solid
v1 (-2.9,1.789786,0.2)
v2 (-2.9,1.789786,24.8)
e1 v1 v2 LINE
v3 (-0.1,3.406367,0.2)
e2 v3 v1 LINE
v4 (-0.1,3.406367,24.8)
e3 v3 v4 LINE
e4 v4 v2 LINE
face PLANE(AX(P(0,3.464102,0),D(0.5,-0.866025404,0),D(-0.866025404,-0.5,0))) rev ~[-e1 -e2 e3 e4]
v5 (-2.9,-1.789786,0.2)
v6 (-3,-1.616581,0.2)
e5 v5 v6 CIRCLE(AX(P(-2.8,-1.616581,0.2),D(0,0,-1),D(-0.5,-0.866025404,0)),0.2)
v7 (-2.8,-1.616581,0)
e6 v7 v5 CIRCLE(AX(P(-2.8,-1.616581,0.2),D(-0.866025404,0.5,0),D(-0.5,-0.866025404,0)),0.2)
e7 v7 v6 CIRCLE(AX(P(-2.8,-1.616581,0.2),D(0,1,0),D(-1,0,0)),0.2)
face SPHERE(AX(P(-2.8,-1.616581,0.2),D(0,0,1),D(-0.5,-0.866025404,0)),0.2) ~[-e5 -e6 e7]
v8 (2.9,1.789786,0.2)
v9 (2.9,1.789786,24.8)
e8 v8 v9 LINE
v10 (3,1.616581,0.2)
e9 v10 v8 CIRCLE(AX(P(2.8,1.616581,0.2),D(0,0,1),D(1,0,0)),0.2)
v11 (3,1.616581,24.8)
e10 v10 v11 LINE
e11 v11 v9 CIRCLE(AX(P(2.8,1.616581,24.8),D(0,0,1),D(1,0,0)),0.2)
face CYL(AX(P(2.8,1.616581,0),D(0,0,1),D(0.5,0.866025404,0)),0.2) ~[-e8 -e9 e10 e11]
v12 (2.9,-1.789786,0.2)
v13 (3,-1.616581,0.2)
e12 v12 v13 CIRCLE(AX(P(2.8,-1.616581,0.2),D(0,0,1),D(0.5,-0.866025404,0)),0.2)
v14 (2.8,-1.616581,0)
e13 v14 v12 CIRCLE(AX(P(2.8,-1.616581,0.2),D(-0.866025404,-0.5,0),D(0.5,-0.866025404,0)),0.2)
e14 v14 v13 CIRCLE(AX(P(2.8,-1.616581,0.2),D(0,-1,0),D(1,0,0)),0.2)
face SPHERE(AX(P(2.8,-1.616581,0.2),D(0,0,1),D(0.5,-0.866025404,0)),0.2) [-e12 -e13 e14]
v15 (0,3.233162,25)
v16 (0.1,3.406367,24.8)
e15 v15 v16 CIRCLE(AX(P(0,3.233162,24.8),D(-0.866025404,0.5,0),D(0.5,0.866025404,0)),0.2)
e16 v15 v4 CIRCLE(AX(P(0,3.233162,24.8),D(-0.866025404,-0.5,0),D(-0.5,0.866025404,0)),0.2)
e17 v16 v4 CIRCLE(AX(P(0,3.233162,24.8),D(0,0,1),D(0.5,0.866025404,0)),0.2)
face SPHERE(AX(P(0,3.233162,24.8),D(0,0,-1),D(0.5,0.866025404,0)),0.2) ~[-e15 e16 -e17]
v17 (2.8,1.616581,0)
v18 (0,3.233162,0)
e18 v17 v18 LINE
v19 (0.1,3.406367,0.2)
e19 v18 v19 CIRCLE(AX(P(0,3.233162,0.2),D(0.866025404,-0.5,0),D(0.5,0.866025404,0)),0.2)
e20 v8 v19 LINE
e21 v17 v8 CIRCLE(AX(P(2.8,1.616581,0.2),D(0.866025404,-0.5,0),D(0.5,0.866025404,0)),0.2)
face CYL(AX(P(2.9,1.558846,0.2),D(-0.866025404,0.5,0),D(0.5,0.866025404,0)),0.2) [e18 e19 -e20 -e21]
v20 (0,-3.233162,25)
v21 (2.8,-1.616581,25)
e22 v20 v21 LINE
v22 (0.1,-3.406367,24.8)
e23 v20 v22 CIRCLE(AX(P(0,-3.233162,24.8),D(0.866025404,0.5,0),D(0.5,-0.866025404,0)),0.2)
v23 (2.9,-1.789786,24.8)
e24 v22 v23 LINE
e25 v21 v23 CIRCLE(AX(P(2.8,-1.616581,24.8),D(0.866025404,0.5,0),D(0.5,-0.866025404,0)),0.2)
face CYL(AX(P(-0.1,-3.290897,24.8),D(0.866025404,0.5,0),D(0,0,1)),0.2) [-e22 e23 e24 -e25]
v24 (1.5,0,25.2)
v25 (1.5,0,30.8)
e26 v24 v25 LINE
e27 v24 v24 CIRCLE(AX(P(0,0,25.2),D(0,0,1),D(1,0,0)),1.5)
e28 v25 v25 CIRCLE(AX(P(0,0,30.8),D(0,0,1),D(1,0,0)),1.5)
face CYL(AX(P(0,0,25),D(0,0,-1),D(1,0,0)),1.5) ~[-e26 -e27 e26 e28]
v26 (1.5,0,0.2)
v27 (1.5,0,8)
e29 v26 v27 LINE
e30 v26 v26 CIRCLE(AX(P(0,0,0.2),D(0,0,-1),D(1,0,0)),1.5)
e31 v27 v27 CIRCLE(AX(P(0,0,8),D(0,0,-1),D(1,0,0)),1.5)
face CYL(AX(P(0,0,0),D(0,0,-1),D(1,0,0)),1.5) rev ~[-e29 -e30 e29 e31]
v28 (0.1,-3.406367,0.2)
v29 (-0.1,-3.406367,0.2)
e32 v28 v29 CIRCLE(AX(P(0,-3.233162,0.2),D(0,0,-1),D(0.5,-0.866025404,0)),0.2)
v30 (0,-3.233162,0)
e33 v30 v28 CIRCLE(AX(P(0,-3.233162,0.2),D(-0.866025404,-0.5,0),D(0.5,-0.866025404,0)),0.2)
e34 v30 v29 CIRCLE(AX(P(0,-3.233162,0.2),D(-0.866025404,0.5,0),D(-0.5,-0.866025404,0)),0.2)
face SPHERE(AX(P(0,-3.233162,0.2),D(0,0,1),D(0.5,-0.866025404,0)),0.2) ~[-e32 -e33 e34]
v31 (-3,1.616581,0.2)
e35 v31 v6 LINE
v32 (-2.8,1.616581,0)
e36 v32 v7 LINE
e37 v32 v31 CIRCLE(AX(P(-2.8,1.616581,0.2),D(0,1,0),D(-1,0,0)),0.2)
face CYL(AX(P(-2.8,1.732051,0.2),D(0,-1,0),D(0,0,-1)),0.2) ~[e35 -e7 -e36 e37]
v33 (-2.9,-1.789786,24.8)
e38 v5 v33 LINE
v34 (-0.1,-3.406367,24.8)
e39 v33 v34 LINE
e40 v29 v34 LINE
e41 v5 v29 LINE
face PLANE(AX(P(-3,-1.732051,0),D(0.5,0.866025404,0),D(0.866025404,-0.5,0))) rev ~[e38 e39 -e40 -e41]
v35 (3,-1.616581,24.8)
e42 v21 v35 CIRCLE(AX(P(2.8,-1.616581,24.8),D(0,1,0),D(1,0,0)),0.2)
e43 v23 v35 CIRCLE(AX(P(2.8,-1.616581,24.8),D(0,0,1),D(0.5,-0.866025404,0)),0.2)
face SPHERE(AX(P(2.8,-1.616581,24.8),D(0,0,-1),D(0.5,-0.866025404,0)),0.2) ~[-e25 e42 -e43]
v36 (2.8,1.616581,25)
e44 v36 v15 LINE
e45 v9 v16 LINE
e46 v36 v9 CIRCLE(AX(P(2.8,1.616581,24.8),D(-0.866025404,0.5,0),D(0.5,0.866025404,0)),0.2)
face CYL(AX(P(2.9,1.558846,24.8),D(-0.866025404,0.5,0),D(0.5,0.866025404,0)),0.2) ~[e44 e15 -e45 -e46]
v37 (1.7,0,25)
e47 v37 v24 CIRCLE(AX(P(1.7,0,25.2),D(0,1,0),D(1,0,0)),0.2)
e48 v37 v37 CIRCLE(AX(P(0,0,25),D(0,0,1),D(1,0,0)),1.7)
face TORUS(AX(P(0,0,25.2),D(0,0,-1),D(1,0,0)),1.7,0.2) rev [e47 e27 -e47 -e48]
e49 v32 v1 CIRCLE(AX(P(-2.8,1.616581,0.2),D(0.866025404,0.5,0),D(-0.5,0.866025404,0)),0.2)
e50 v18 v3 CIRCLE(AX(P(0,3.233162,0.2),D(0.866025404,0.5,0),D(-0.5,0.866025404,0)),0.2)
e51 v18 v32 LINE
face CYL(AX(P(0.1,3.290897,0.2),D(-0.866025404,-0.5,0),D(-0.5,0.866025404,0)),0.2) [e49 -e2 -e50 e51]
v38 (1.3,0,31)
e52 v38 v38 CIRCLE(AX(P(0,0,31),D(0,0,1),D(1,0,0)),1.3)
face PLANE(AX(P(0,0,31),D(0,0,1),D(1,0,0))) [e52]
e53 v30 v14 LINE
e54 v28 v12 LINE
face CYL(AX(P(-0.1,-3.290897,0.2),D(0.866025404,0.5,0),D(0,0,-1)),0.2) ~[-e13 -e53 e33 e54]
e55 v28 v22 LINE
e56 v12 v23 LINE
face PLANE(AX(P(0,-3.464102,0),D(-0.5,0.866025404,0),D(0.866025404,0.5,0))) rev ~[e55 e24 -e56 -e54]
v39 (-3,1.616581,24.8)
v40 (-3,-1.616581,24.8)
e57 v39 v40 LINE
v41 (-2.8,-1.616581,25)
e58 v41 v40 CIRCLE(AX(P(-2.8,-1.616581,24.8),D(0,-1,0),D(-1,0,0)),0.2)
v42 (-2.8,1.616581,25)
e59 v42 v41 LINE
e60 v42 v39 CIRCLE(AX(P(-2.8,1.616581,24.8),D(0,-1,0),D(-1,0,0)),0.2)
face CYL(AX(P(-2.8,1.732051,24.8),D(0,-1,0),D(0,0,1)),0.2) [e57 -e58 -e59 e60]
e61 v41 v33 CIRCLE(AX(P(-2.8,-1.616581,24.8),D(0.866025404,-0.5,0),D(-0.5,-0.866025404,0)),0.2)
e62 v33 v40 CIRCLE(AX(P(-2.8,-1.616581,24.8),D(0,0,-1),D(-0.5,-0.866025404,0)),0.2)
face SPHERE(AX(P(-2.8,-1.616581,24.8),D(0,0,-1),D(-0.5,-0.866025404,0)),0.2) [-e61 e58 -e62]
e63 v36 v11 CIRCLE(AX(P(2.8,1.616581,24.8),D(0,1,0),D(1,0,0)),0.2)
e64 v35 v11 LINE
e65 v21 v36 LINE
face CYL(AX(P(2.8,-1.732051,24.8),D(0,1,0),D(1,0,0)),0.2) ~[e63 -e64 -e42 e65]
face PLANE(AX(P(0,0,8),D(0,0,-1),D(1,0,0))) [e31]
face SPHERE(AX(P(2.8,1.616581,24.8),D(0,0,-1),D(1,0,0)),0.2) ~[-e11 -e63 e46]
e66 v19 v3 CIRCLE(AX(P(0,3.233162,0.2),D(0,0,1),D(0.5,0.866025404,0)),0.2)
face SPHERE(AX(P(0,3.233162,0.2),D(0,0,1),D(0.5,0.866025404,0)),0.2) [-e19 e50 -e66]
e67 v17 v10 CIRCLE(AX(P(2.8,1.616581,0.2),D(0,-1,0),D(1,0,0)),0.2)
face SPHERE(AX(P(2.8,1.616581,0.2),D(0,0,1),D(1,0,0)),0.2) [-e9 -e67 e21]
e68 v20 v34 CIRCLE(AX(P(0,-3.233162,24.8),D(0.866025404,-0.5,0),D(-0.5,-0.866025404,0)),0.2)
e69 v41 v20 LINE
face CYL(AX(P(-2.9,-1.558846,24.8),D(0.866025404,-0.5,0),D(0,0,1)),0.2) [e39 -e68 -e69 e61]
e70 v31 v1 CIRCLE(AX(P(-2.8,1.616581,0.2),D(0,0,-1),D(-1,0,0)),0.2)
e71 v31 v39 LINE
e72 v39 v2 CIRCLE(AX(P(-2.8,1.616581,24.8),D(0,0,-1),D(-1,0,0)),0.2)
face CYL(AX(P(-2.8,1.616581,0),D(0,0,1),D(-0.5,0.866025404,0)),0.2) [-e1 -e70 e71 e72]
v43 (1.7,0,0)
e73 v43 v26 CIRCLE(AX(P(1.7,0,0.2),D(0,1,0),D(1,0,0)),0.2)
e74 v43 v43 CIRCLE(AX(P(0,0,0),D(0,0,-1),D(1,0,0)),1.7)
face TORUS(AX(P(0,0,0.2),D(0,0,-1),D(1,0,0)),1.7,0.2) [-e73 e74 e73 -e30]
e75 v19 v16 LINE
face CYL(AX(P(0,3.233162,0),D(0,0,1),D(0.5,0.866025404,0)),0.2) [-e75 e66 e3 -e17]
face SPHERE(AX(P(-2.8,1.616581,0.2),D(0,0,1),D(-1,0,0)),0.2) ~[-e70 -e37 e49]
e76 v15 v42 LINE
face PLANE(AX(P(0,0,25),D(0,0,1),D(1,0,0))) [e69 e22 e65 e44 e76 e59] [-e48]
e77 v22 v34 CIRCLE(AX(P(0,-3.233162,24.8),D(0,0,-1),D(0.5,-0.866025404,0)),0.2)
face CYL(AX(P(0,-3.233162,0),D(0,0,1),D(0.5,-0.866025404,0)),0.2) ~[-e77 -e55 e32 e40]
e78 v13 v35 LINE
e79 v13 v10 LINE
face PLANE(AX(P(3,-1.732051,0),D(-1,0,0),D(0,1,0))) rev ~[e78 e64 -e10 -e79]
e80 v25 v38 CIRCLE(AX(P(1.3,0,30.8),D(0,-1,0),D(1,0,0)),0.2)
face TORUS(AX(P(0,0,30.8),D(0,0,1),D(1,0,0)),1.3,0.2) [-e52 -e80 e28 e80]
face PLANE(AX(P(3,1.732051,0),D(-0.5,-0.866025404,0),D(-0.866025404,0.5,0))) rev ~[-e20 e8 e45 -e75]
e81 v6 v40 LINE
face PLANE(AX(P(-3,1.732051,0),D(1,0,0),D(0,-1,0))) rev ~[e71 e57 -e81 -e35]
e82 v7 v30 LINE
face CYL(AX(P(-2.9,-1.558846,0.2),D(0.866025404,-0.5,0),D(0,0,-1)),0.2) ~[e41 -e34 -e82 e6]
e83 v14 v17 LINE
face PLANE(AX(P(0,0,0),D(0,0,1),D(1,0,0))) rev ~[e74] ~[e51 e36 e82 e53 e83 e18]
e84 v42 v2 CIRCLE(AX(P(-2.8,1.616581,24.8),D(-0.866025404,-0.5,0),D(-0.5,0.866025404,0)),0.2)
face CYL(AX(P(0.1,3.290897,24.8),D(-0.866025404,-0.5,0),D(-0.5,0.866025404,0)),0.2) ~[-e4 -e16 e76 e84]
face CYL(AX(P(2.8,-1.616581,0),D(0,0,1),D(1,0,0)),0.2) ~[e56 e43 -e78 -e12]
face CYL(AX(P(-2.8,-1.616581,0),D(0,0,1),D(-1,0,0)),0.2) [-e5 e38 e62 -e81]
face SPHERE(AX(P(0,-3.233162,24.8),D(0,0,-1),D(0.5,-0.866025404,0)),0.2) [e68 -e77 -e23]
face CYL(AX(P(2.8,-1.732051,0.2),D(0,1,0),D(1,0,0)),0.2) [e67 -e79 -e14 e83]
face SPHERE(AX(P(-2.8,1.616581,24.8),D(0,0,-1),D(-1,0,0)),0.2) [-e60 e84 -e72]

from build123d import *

# Parameters (mm, degrees)
F1_DEPTH = 25
F2_R     = 1.5
F3_DEPTH = 6
F4_R     = 1.5
F5_DEPTH = 8
F6_R     = 0.2


with BuildPart() as f1:
    # F0 (on Top) → F1 (new body)
    with BuildSketch(Plane.XY):
        Polygon((3, 1.7320508076), (0, 3.4641016151), (-3, 1.7320508076), (-3, -1.7320508076), (0, -3.4641016151), (3, -1.7320508076), align=None)
    extrude(amount=F1_DEPTH)

    # F2 (on face) → F3 (join)
    with BuildSketch(Plane.XY.offset(25)):
        Circle(F2_R)
    extrude(amount=F3_DEPTH)

    # F4 (on face) → F5 (cut)
    with BuildSketch(Plane(origin=(0, 0, 0), x_dir=(1, 0, 0), z_dir=(0, 0, -1))):
        Circle(F4_R)
    extrude(amount=-F5_DEPTH, mode=Mode.SUBTRACT)

    # F6
    f6_edges = [f1.edges().sort_by_distance(p)[0] for p in [
        (1.5, -2.598076, 0),
        (-1.5, -2.598076, 0),
        (3, 0, 0),
        (-3, 0, 0),
        (1.5, 2.598076, 0),
        (-1.5, 2.598076, 0),
        (-1.5, 0, 0),
        (1.5, -2.598076, 25),
        (-1.5, -2.598076, 25),
        (3, 0, 25),
        (-3, 0, 25),
        (1.5, 2.598076, 25),
        (-1.5, 2.598076, 25),
        (-1.5, 0, 25),
        (-1.5, 0, 31),
        (-3, -1.732051, 12.5),
        (0, -3.464102, 12.5),
        (-3, 1.732051, 12.5),
        (0, 3.464102, 12.5),
        (3, 1.732051, 12.5),
        (3, -1.732051, 12.5),
    ]]
    fillet(f6_edges, radius=F6_R)


solid = f1.part
